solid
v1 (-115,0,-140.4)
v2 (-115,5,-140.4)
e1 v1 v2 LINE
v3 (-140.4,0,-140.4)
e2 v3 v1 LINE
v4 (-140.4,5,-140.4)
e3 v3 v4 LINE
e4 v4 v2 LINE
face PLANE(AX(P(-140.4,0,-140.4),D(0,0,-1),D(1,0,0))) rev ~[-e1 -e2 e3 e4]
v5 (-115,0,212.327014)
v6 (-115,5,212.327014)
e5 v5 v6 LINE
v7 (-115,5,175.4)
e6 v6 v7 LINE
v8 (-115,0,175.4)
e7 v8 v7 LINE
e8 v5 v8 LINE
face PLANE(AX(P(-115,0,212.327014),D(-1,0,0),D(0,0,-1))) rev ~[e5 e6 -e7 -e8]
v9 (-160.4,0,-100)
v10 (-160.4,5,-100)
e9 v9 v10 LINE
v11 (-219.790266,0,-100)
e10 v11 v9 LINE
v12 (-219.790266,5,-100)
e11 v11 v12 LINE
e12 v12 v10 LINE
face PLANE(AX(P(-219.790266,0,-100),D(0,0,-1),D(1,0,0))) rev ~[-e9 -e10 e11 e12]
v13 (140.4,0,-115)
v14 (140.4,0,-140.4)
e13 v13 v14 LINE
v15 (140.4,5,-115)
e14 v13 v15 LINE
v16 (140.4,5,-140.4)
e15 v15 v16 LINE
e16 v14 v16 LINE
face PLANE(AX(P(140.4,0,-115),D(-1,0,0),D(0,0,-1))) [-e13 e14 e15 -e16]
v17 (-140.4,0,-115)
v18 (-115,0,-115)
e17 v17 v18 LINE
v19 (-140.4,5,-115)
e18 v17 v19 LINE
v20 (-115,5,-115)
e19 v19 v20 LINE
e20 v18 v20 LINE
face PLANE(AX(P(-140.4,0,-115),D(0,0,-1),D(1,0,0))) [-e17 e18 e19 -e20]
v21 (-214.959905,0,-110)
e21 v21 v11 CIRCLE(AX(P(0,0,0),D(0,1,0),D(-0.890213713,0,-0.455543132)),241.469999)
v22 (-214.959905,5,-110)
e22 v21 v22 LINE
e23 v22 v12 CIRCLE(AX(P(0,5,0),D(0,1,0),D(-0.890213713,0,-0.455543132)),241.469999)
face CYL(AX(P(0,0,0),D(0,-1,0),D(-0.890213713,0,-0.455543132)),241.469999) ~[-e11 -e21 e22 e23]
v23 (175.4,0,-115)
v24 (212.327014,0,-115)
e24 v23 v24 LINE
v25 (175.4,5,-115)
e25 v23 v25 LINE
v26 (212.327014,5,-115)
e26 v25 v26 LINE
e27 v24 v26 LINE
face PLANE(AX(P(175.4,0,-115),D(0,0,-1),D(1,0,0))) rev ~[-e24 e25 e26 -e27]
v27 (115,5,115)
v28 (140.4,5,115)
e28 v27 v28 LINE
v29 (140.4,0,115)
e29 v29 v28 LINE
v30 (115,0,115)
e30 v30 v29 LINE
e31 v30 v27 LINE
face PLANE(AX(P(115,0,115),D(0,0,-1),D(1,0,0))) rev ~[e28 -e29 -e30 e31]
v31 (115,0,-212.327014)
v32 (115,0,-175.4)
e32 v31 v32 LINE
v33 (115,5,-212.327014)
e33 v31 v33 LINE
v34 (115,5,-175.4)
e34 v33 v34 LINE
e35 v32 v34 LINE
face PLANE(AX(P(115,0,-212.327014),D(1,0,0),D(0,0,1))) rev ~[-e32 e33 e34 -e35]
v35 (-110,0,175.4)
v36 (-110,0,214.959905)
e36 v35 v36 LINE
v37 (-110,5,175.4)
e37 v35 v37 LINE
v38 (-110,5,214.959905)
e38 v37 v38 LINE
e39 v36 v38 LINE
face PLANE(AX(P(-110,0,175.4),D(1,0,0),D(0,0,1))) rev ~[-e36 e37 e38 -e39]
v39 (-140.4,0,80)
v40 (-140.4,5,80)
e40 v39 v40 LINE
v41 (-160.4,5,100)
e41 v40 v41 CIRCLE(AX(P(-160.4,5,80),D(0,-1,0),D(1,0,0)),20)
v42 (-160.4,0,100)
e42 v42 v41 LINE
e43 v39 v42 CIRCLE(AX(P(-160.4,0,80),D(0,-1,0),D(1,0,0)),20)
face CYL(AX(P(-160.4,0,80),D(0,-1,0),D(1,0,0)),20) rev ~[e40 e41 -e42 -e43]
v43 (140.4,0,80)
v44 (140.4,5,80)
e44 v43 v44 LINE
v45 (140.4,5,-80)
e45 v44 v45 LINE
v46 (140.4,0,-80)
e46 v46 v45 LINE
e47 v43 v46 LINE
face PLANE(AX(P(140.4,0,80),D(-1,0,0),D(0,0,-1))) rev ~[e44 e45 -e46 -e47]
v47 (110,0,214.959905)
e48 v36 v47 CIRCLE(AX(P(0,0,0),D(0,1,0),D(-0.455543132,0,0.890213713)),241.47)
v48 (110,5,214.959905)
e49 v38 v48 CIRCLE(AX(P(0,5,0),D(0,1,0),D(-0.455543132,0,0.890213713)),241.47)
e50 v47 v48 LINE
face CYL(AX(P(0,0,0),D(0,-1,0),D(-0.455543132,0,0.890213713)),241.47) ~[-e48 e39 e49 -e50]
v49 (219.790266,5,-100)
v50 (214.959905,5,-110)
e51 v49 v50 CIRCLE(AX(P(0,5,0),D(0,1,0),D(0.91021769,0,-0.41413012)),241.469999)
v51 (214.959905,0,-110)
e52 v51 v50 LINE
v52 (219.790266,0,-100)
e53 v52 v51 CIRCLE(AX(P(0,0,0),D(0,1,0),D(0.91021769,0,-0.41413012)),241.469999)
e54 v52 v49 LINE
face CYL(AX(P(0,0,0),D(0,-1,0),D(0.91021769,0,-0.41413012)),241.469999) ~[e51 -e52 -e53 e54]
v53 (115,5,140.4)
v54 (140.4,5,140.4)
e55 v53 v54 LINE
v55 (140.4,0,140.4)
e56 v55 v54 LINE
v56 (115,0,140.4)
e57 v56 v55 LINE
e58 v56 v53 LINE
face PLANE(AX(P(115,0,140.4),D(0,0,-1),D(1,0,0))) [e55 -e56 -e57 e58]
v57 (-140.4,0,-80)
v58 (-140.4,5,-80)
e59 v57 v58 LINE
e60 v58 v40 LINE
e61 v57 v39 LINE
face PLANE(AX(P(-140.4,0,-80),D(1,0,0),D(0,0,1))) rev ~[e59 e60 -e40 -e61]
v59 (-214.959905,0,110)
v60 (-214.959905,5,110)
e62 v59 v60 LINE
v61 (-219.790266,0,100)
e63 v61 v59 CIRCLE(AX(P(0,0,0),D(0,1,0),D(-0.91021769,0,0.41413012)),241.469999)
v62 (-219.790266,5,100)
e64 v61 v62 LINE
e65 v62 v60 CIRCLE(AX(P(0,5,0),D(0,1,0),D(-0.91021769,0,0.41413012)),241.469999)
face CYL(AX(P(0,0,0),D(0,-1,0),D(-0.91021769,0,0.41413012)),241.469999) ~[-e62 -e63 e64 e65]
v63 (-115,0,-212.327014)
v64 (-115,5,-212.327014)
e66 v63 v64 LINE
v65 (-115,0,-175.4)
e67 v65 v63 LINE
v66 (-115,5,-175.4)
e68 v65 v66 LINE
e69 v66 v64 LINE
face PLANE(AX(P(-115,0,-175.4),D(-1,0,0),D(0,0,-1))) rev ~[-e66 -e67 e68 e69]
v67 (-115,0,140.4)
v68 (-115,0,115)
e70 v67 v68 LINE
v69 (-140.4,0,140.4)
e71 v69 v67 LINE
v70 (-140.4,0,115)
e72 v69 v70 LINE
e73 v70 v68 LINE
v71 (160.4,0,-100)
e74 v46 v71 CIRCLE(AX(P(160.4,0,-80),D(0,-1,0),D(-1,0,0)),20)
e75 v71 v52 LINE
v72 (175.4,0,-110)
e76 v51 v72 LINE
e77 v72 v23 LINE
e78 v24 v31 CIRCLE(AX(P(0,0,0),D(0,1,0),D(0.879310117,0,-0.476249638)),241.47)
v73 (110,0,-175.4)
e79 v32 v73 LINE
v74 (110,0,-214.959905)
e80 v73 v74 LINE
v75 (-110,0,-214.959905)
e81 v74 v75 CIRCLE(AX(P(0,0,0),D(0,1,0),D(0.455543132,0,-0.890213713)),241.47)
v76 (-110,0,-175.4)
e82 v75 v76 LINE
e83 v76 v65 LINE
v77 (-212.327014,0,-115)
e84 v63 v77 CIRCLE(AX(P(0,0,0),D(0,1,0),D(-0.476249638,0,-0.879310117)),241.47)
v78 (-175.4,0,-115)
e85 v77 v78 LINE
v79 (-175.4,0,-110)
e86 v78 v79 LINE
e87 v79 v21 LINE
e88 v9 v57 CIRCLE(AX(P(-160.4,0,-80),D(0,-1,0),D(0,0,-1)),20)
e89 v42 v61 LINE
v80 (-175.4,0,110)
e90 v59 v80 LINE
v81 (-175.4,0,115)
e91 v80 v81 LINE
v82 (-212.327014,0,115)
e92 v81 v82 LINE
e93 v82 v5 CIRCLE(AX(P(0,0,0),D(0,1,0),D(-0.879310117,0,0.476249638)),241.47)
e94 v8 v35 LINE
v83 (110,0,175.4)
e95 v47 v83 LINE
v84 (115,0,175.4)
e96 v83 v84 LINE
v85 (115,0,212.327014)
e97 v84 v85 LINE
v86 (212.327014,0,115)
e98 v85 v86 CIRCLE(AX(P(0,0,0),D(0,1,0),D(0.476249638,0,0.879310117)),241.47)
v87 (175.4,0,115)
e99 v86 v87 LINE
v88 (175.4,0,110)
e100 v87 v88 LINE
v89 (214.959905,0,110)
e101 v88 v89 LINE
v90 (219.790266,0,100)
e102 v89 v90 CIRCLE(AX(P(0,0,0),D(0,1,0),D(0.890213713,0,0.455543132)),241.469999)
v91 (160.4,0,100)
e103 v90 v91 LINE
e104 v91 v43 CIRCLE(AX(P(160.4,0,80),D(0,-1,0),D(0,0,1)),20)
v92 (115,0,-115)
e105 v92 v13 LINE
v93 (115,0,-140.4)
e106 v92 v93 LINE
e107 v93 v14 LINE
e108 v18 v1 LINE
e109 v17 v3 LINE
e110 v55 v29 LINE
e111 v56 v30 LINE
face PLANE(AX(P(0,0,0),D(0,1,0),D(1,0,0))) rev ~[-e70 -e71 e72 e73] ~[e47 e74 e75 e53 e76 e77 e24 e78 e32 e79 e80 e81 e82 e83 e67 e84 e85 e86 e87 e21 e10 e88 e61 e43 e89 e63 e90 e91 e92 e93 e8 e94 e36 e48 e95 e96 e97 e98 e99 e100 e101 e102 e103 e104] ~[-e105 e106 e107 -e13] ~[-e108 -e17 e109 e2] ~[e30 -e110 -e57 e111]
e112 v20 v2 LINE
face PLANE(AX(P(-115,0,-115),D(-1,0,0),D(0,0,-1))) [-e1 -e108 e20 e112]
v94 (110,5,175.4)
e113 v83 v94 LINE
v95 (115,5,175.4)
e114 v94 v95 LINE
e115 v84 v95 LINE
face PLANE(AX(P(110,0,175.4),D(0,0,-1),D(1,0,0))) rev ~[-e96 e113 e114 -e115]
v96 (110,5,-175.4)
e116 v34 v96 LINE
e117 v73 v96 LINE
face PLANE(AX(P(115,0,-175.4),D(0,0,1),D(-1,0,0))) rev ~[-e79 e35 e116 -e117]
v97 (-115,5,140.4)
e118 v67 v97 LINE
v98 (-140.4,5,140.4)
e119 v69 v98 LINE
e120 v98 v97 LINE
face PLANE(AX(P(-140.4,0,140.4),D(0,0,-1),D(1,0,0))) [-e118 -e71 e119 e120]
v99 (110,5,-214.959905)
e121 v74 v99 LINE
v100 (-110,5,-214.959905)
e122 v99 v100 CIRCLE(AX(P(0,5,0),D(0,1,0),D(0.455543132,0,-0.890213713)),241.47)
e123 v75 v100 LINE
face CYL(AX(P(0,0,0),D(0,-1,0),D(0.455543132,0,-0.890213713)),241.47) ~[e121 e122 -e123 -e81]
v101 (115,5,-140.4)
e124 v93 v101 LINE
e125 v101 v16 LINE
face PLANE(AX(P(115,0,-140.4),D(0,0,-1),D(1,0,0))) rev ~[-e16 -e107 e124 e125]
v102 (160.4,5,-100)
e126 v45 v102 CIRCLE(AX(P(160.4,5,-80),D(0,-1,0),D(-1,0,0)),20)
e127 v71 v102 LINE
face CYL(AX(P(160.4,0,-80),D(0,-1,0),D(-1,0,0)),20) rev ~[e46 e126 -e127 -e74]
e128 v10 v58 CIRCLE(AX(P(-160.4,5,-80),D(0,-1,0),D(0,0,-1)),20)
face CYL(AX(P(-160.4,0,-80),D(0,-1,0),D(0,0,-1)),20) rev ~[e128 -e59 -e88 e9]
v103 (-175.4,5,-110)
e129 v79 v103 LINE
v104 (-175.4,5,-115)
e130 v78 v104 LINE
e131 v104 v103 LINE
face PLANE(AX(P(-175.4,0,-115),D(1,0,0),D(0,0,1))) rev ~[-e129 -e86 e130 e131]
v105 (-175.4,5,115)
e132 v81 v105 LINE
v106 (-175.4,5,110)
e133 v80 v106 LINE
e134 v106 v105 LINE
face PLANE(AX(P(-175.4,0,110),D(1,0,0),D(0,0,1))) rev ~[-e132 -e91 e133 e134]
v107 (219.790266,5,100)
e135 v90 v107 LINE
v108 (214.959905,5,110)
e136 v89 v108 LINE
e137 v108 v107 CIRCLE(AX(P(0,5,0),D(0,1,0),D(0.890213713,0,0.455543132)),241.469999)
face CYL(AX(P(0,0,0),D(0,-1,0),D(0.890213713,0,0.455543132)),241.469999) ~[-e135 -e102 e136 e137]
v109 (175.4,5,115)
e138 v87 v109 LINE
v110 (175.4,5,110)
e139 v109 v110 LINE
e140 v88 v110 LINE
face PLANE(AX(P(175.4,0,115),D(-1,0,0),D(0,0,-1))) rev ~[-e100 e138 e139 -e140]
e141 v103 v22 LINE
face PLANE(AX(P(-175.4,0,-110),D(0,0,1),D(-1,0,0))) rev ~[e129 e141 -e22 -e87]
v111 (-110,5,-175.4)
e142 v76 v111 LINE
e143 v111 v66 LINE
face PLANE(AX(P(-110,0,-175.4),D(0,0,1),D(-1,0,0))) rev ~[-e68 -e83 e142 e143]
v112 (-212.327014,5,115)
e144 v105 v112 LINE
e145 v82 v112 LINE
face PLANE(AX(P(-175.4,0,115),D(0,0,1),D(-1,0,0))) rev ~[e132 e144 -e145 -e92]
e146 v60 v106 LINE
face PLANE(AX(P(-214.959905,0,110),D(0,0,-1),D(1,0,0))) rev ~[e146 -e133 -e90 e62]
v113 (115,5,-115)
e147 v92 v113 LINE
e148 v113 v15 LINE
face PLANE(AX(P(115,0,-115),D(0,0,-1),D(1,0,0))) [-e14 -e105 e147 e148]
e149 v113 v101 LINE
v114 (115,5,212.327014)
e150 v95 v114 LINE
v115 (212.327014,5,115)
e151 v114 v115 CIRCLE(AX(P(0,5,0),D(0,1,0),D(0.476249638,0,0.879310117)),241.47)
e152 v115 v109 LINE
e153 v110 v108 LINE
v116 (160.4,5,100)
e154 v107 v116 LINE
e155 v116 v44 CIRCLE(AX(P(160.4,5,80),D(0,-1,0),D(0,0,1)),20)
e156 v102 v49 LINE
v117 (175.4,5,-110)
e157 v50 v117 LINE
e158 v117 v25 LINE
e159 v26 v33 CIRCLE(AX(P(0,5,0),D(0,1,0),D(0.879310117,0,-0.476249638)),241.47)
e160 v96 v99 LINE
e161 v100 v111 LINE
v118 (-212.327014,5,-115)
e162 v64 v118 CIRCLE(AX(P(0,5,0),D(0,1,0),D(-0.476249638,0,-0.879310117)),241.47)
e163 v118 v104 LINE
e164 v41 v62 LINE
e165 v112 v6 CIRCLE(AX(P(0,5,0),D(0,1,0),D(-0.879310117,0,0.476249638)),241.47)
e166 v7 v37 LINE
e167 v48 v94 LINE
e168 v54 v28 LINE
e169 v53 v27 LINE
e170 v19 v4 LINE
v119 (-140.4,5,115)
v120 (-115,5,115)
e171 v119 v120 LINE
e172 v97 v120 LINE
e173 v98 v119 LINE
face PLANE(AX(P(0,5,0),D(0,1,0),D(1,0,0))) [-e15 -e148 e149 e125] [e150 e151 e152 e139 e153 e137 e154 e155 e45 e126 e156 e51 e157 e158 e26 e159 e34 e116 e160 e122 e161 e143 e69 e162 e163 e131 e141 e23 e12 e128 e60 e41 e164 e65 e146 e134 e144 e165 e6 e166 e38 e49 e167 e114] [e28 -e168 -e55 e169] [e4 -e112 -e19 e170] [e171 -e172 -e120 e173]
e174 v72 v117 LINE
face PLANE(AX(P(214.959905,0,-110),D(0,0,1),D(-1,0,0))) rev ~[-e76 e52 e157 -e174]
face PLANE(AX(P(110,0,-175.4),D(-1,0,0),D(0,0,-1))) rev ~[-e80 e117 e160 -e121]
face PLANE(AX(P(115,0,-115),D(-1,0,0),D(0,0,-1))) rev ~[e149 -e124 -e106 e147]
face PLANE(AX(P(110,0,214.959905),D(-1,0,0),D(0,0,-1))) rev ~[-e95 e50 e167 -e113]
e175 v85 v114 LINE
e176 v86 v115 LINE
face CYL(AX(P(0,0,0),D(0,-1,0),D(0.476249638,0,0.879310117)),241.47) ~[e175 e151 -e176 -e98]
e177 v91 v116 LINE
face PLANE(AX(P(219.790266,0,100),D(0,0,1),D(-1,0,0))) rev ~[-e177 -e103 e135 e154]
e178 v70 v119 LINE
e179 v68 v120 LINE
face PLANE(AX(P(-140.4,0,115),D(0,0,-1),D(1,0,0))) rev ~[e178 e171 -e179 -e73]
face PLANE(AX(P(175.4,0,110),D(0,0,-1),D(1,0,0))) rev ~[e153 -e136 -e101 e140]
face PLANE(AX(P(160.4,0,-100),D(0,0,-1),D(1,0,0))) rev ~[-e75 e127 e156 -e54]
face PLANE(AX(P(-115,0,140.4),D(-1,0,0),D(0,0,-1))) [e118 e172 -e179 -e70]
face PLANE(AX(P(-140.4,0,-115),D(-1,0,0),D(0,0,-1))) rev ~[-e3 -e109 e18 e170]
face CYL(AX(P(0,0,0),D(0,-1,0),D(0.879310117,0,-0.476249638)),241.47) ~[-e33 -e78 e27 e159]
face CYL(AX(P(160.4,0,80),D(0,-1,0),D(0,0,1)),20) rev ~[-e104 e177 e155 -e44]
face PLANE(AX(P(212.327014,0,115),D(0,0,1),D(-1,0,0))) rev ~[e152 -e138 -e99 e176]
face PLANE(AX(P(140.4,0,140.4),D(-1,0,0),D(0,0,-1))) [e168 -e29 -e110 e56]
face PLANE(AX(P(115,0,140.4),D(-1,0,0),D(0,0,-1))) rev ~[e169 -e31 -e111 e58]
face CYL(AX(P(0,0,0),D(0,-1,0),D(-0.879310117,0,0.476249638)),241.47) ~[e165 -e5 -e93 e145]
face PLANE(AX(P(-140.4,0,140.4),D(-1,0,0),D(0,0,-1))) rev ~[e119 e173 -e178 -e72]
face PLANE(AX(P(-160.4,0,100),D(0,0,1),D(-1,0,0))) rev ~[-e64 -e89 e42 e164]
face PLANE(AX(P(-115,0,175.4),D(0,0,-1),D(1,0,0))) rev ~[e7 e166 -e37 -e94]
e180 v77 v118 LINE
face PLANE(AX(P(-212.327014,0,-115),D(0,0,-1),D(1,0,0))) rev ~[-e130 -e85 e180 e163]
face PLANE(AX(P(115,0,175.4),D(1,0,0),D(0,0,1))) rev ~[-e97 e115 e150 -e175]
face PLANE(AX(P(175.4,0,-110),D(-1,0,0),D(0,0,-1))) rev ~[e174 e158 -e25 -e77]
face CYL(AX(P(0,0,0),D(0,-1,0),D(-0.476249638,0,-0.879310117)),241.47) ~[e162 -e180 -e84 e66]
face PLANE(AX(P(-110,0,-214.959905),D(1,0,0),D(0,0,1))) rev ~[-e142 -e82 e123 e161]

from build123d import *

# Parameters (mm, degrees)
SKETCH1_W           = 25.4
SKETCH1_H           = 25.4
BOSS_EXTRUDE1_DEPTH = 5


with BuildPart() as part:
    # Sketch1 → Boss-Extrude1 (new body)
    with BuildSketch(Plane(origin=(0, 0, 0), x_dir=(1, 0, 0), z_dir=(0, 1, 0))):
        with BuildLine():
            Line((-219.790265708, 100), (-160.4, 100))
            ThreePointArc((-160.4, 100), (-146.257864376, 94.142135624), (-140.4, 80))
            Line((-140.4, 80), (-140.4, -80))
            ThreePointArc((-140.4, -80), (-146.257864376, -94.142135624), (-160.4, -100))
            Line((-160.4, -100), (-219.790265708, -100))
            ThreePointArc((-219.790265708, -100), (-217.432582206, -105.027772971), (-214.959905331, -110))
            Line((-214.959905331, -110), (-175.4, -110))
            Line((-175.4, -110), (-175.4, -115))
            Line((-175.4, -115), (-212.327014061, -115))
            ThreePointArc((-212.327014061, -115), (-170.745074453, -170.745074453), (-115, -212.327014061))
            Line((-115, -212.327014061), (-115, -175.4))
            Line((-115, -175.4), (-110, -175.4))
            Line((-110, -175.4), (-110, -214.959905331))
            ThreePointArc((-110, -214.959905331), (0, -241.47), (110, -214.959905331))
            Line((110, -214.959905331), (110, -175.4))
            Line((110, -175.4), (115, -175.4))
            Line((115, -175.4), (115, -212.327014061))
            ThreePointArc((115, -212.327014061), (170.745074453, -170.745074453), (212.327014061, -115))
            Line((212.327014061, -115), (175.4, -115))
            Line((175.4, -115), (175.4, -110))
            Line((175.4, -110), (214.959905331, -110))
            ThreePointArc((214.959905331, -110), (217.432582206, -105.027772971), (219.790265708, -100))
            Line((219.790265708, -100), (160.4, -100))
            ThreePointArc((160.4, -100), (146.257864376, -94.142135624), (140.4, -80))
            Line((140.4, -80), (140.4, 80))
            ThreePointArc((140.4, 80), (146.257864376, 94.142135624), (160.4, 100))
            Line((160.4, 100), (219.790265708, 100))
            ThreePointArc((219.790265708, 100), (217.432582206, 105.027772971), (214.959905331, 110))
            Line((214.959905331, 110), (175.4, 110))
            Line((175.4, 110), (175.4, 115))
            Line((175.4, 115), (212.327014061, 115))
            ThreePointArc((212.327014061, 115), (170.745074453, 170.745074453), (115, 212.327014061))
            Line((115, 212.327014061), (115, 175.4))
            Line((115, 175.4), (110, 175.4))
            Line((110, 175.4), (110, 214.959905331))
            ThreePointArc((110, 214.959905331), (0, 241.47), (-110, 214.959905331))
            Line((-110, 214.959905331), (-110, 175.4))
            Line((-110, 175.4), (-115, 175.4))
            Line((-115, 175.4), (-115, 212.327014061))
            ThreePointArc((-115, 212.327014061), (-170.745074453, 170.745074453), (-212.327014061, 115))
            Line((-212.327014061, 115), (-175.4, 115))
            Line((-175.4, 115), (-175.4, 110))
            Line((-175.4, 110), (-214.959905331, 110))
            ThreePointArc((-214.959905331, 110), (-217.432582206, 105.027772971), (-219.790265708, 100))
        make_face()
        with Locations((127.7, 127.7)):
            Rectangle(SKETCH1_W, SKETCH1_H, mode=Mode.SUBTRACT)
        with Locations((-127.7, 127.7)):
            Rectangle(SKETCH1_W, SKETCH1_H, mode=Mode.SUBTRACT)
        with Locations((127.7, -127.7)):
            Rectangle(SKETCH1_W, SKETCH1_H, mode=Mode.SUBTRACT)
        with Locations((-127.7, -127.7)):
            Rectangle(SKETCH1_W, SKETCH1_H, mode=Mode.SUBTRACT)
    extrude(amount=BOSS_EXTRUDE1_DEPTH)


solid = part.part
